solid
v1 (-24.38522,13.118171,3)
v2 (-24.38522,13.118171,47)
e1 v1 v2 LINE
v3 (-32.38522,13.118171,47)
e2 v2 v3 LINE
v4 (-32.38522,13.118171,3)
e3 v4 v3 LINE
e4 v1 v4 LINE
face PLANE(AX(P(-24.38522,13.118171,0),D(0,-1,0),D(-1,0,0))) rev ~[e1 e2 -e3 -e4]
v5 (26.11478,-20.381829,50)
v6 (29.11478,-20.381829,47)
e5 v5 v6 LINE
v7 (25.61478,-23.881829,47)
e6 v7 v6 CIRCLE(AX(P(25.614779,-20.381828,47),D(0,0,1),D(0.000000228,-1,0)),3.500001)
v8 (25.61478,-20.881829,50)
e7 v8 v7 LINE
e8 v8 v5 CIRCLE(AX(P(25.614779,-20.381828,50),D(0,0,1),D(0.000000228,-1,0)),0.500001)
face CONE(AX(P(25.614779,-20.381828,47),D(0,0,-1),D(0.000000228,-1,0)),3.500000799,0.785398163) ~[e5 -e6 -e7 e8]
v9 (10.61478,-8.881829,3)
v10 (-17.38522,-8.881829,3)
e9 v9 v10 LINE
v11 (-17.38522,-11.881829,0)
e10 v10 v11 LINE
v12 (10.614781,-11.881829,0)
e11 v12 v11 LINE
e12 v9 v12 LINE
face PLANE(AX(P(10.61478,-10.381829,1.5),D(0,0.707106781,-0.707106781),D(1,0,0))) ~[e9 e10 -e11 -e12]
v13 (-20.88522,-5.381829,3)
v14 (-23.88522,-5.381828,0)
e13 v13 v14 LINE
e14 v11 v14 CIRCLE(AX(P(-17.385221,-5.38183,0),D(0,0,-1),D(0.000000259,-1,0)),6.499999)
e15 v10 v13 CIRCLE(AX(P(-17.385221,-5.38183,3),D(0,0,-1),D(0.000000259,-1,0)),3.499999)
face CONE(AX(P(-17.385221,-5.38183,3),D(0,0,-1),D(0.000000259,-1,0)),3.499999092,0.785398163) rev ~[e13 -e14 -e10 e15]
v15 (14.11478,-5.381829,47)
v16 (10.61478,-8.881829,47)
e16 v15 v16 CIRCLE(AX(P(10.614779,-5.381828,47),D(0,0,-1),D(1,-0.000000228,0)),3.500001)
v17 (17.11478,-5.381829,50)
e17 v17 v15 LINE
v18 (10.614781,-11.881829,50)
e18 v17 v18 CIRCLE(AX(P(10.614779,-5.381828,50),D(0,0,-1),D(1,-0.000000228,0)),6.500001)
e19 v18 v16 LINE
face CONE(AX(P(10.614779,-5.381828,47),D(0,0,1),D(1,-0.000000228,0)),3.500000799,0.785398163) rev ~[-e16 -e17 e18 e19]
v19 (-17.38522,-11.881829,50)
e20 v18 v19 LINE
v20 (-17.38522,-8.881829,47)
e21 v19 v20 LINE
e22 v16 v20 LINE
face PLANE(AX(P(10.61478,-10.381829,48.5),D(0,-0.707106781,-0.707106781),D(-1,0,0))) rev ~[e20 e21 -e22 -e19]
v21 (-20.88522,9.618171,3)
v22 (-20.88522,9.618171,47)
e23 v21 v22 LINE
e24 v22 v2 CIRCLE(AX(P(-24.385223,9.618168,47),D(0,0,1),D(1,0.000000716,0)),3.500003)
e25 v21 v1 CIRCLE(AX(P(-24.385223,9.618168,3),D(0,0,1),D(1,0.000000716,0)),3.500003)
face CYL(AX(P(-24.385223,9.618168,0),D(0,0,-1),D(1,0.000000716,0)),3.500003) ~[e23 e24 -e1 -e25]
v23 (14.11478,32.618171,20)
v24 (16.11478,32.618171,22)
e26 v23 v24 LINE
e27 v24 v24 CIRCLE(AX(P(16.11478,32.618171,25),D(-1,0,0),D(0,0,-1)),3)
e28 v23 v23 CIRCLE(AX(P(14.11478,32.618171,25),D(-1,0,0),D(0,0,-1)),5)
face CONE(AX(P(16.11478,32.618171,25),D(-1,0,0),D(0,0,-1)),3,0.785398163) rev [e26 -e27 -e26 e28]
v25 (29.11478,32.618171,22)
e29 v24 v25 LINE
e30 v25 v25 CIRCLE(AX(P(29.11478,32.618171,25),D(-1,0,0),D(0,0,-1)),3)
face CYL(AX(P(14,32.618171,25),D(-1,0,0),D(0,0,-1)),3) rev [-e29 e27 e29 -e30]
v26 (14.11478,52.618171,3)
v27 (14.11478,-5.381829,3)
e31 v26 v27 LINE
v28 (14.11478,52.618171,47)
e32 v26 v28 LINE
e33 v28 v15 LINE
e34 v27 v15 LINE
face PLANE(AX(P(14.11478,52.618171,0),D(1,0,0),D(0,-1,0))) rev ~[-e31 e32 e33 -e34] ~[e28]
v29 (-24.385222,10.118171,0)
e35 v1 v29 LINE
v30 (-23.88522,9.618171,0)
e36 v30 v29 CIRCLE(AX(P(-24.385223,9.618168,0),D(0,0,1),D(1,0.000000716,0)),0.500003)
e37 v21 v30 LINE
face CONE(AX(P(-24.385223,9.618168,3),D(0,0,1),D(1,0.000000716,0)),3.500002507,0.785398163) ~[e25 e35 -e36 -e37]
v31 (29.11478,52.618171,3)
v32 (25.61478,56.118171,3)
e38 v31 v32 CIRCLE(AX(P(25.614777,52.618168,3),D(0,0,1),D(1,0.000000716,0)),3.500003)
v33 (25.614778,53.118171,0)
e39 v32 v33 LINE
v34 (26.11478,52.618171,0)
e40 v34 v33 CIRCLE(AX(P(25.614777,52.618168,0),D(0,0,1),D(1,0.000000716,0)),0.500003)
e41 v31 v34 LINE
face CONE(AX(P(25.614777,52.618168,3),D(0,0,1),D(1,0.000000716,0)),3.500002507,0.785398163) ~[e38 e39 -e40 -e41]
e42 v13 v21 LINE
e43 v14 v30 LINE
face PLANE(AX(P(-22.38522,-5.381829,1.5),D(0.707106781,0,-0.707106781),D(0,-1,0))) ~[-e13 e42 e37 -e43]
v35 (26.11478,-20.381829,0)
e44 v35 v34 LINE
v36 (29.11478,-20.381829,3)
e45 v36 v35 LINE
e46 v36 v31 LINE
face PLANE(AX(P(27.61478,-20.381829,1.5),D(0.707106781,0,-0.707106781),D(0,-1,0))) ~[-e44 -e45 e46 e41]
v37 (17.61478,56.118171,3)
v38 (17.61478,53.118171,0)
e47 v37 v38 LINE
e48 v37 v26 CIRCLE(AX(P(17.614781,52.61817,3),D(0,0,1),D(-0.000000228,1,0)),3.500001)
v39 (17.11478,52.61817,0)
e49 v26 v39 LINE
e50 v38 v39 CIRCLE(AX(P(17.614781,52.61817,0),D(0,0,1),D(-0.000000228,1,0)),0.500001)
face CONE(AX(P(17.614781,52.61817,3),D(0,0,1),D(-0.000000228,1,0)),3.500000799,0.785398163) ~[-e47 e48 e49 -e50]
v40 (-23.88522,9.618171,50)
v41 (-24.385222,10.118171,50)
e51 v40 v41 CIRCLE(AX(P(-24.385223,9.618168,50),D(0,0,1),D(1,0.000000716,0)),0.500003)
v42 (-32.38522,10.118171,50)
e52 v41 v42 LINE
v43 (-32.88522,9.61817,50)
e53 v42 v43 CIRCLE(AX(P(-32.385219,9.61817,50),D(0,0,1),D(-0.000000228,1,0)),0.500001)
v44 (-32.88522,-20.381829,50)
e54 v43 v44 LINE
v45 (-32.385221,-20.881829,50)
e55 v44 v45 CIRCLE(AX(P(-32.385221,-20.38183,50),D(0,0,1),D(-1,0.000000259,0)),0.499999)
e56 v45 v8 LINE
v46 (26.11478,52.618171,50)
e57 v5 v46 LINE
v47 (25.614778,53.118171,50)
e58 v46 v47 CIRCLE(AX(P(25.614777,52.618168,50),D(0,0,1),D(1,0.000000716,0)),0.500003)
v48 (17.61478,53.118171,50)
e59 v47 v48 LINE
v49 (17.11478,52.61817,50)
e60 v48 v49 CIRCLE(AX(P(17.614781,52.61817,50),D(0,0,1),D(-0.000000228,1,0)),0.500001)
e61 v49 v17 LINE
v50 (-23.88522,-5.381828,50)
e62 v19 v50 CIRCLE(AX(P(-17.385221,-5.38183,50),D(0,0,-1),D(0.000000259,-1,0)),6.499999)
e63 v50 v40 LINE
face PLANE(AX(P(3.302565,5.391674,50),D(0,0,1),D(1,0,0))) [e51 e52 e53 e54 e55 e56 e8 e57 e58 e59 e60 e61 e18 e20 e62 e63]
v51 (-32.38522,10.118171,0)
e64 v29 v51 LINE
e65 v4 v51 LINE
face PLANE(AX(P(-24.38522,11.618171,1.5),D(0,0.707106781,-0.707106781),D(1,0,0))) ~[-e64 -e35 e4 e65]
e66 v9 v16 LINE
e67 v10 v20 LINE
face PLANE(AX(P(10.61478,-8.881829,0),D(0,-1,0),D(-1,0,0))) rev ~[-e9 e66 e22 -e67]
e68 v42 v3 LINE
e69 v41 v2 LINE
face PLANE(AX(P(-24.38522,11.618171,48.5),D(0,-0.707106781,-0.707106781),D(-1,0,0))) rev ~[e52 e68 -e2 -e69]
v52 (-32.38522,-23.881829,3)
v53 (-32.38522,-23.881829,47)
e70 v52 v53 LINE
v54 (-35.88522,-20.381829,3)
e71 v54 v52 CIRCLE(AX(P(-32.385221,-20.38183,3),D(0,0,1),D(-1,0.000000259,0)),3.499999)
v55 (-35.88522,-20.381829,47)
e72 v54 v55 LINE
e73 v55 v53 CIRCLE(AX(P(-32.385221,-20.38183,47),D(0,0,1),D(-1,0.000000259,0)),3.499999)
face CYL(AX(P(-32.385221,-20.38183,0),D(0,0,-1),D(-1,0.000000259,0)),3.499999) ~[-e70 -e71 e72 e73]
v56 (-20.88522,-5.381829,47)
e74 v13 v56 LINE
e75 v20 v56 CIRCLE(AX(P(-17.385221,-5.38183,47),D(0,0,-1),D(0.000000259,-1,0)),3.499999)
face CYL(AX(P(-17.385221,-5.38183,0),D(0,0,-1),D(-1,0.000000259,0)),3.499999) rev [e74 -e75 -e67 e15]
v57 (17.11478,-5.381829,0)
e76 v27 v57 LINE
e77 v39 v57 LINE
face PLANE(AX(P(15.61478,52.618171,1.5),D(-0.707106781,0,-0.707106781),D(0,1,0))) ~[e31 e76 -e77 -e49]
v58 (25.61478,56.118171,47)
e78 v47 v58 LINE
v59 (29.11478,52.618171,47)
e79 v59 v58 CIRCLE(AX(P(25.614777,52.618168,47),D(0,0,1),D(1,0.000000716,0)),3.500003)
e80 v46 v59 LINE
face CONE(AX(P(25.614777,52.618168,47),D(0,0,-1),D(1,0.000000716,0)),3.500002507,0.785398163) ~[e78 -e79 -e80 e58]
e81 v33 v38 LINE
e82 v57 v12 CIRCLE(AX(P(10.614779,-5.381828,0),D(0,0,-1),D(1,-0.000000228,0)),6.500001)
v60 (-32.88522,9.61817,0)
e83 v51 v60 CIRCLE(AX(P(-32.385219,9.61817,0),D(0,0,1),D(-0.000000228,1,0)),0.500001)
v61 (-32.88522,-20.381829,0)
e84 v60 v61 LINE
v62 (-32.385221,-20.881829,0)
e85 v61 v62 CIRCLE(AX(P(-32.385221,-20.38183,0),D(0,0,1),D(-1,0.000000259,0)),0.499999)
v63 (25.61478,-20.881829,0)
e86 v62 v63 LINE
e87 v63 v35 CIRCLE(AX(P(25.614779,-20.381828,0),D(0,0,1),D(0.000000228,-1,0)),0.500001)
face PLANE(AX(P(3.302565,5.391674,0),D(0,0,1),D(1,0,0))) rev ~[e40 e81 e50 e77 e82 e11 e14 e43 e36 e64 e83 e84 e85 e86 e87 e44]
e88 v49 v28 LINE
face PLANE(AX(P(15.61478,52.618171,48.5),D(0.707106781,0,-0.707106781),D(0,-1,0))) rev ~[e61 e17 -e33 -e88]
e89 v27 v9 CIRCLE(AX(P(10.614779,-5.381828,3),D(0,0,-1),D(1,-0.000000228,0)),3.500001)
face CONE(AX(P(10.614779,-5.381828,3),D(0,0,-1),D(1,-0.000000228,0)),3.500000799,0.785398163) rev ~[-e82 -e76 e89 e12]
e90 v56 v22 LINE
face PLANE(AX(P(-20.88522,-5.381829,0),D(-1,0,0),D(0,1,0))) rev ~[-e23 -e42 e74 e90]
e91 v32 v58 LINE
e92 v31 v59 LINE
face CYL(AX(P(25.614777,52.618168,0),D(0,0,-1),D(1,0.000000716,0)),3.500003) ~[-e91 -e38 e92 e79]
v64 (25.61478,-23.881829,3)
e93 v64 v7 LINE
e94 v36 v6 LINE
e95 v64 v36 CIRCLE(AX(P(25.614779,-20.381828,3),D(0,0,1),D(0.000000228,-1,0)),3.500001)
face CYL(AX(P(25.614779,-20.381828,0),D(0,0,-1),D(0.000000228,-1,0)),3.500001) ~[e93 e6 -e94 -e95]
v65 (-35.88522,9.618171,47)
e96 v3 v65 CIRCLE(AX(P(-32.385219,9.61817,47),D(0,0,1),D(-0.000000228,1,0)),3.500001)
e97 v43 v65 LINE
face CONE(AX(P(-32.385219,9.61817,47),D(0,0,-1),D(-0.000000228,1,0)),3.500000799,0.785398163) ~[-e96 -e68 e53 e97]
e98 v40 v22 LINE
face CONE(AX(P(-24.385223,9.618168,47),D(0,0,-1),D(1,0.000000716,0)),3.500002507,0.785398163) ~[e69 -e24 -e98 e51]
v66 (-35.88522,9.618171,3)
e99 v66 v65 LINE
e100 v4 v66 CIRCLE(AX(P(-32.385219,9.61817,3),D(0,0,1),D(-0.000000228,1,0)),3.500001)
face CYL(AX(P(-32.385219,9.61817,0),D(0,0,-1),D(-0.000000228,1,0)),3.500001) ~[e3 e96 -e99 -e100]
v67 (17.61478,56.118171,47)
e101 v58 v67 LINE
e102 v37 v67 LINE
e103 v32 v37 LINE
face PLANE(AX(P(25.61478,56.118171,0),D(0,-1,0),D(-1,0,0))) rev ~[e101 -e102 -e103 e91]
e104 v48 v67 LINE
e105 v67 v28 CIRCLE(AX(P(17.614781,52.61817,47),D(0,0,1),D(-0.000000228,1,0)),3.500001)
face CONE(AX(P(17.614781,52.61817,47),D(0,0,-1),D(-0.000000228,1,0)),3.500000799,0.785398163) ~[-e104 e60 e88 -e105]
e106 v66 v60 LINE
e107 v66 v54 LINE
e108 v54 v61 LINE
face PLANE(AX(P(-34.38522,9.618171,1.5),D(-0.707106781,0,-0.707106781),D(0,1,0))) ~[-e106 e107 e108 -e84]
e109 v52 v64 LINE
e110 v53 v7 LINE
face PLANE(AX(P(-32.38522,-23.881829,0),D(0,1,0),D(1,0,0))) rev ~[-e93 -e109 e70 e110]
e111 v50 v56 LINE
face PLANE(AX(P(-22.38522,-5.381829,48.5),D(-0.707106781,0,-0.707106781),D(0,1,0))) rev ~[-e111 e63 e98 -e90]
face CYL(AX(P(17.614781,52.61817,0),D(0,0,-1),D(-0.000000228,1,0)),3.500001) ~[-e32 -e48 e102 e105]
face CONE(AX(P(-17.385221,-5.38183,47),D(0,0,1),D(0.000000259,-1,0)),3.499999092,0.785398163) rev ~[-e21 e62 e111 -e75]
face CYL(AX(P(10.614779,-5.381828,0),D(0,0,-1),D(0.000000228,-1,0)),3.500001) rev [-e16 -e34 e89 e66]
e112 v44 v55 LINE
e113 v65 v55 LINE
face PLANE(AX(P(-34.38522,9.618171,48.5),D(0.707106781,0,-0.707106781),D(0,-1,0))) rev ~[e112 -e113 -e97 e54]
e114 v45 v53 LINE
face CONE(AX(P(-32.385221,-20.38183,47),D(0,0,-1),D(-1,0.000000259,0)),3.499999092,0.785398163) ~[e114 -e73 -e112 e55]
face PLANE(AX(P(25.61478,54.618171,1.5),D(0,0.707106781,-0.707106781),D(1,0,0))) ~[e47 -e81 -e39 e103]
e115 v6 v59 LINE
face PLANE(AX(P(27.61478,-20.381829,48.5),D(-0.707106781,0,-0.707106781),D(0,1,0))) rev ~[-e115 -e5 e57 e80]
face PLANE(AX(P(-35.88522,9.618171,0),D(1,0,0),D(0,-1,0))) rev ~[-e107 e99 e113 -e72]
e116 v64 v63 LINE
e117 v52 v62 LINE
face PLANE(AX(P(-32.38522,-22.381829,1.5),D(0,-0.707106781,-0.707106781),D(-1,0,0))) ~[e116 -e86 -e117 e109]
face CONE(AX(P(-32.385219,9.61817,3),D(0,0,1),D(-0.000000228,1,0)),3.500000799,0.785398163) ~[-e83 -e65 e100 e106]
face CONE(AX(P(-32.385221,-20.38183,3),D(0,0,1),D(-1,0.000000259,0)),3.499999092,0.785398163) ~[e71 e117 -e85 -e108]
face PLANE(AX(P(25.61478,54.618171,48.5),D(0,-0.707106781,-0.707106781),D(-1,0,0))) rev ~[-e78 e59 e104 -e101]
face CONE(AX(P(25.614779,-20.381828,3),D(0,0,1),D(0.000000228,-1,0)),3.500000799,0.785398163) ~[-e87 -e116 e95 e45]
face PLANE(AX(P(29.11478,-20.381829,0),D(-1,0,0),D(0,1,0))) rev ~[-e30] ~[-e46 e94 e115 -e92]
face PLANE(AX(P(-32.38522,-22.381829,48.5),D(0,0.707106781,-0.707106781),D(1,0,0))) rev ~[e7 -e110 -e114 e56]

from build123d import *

# Parameters (mm, degrees)
PAD_DEPTH       = 50
CHAMFER_SIZE    = 3
CHAMFER001_SIZE = 3
SKETCH001_R     = 3
POCKET_DEPTH    = 15.11578
CHAMFER002_SIZE = 2


with BuildPart() as part:
    # Sketch → Pad (new body)
    with BuildSketch(Plane.XY):
        with BuildLine():
            Line((-35.88522, 9.618171), (-35.88522, -20.381829))
            ThreePointArc((-35.88522, -20.381829), (-34.860094, -22.856703), (-32.38522, -23.881829))
            Line((-32.38522, -23.881829), (25.61478, -23.881829))
            ThreePointArc((25.61478, -23.881829), (28.089653, -22.856703), (29.11478, -20.381829))
            Line((29.11478, -20.381829), (29.11478, 52.618171))
            ThreePointArc((29.11478, 52.618171), (28.089653, 55.093044), (25.61478, 56.118171))
            Line((25.61478, 56.118171), (17.61478, 56.118171))
            ThreePointArc((17.61478, 56.118171), (15.139906, 55.093044), (14.11478, 52.618171))
            Line((14.11478, 52.618171), (14.11478, -5.381829))
            ThreePointArc((10.61478, -8.881829), (13.089653, -7.856703), (14.11478, -5.381829))
            Line((10.61478, -8.881829), (-17.38522, -8.881829))
            ThreePointArc((-20.88522, -5.381829), (-19.860094, -7.856703), (-17.38522, -8.881829))
            Line((-20.88522, -5.381829), (-20.88522, 9.618171))
            ThreePointArc((-20.88522, 9.618171), (-21.910347, 12.093044), (-24.38522, 13.118171))
            Line((-24.38522, 13.118171), (-32.38522, 13.118171))
            ThreePointArc((-32.38522, 13.118171), (-34.860094, 12.093044), (-35.88522, 9.618171))
        make_face()
    extrude(amount=PAD_DEPTH)

    # Chamfer
    chamfer_edges = [part.edges().sort_by_distance(p)[0] for p in [
        (29.11478, 16.118171, 0),
    ]]
    chamfer(chamfer_edges, length=CHAMFER_SIZE)

    # Chamfer001
    chamfer001_edges = [part.edges().sort_by_distance(p)[0] for p in [
        (29.11478, 16.118171, 50),
    ]]
    chamfer(chamfer001_edges, length=CHAMFER001_SIZE)

    # Sketch001 (on DatumPlane) → Pocket (cut, through all)
    with BuildSketch(Plane(origin=(14, 0, 0), x_dir=(0, 0, -1), z_dir=(1, 0, 0))):
        with Locations((-25, 32.618171)):
            Circle(SKETCH001_R)
    extrude(amount=POCKET_DEPTH, mode=Mode.SUBTRACT)

    # Chamfer002
    chamfer002_edges = [part.edges().sort_by_distance(p)[0] for p in [
        (14.11478, 32.618171, 28),
    ]]
    chamfer(chamfer002_edges, length=CHAMFER002_SIZE)


solid = part.part
